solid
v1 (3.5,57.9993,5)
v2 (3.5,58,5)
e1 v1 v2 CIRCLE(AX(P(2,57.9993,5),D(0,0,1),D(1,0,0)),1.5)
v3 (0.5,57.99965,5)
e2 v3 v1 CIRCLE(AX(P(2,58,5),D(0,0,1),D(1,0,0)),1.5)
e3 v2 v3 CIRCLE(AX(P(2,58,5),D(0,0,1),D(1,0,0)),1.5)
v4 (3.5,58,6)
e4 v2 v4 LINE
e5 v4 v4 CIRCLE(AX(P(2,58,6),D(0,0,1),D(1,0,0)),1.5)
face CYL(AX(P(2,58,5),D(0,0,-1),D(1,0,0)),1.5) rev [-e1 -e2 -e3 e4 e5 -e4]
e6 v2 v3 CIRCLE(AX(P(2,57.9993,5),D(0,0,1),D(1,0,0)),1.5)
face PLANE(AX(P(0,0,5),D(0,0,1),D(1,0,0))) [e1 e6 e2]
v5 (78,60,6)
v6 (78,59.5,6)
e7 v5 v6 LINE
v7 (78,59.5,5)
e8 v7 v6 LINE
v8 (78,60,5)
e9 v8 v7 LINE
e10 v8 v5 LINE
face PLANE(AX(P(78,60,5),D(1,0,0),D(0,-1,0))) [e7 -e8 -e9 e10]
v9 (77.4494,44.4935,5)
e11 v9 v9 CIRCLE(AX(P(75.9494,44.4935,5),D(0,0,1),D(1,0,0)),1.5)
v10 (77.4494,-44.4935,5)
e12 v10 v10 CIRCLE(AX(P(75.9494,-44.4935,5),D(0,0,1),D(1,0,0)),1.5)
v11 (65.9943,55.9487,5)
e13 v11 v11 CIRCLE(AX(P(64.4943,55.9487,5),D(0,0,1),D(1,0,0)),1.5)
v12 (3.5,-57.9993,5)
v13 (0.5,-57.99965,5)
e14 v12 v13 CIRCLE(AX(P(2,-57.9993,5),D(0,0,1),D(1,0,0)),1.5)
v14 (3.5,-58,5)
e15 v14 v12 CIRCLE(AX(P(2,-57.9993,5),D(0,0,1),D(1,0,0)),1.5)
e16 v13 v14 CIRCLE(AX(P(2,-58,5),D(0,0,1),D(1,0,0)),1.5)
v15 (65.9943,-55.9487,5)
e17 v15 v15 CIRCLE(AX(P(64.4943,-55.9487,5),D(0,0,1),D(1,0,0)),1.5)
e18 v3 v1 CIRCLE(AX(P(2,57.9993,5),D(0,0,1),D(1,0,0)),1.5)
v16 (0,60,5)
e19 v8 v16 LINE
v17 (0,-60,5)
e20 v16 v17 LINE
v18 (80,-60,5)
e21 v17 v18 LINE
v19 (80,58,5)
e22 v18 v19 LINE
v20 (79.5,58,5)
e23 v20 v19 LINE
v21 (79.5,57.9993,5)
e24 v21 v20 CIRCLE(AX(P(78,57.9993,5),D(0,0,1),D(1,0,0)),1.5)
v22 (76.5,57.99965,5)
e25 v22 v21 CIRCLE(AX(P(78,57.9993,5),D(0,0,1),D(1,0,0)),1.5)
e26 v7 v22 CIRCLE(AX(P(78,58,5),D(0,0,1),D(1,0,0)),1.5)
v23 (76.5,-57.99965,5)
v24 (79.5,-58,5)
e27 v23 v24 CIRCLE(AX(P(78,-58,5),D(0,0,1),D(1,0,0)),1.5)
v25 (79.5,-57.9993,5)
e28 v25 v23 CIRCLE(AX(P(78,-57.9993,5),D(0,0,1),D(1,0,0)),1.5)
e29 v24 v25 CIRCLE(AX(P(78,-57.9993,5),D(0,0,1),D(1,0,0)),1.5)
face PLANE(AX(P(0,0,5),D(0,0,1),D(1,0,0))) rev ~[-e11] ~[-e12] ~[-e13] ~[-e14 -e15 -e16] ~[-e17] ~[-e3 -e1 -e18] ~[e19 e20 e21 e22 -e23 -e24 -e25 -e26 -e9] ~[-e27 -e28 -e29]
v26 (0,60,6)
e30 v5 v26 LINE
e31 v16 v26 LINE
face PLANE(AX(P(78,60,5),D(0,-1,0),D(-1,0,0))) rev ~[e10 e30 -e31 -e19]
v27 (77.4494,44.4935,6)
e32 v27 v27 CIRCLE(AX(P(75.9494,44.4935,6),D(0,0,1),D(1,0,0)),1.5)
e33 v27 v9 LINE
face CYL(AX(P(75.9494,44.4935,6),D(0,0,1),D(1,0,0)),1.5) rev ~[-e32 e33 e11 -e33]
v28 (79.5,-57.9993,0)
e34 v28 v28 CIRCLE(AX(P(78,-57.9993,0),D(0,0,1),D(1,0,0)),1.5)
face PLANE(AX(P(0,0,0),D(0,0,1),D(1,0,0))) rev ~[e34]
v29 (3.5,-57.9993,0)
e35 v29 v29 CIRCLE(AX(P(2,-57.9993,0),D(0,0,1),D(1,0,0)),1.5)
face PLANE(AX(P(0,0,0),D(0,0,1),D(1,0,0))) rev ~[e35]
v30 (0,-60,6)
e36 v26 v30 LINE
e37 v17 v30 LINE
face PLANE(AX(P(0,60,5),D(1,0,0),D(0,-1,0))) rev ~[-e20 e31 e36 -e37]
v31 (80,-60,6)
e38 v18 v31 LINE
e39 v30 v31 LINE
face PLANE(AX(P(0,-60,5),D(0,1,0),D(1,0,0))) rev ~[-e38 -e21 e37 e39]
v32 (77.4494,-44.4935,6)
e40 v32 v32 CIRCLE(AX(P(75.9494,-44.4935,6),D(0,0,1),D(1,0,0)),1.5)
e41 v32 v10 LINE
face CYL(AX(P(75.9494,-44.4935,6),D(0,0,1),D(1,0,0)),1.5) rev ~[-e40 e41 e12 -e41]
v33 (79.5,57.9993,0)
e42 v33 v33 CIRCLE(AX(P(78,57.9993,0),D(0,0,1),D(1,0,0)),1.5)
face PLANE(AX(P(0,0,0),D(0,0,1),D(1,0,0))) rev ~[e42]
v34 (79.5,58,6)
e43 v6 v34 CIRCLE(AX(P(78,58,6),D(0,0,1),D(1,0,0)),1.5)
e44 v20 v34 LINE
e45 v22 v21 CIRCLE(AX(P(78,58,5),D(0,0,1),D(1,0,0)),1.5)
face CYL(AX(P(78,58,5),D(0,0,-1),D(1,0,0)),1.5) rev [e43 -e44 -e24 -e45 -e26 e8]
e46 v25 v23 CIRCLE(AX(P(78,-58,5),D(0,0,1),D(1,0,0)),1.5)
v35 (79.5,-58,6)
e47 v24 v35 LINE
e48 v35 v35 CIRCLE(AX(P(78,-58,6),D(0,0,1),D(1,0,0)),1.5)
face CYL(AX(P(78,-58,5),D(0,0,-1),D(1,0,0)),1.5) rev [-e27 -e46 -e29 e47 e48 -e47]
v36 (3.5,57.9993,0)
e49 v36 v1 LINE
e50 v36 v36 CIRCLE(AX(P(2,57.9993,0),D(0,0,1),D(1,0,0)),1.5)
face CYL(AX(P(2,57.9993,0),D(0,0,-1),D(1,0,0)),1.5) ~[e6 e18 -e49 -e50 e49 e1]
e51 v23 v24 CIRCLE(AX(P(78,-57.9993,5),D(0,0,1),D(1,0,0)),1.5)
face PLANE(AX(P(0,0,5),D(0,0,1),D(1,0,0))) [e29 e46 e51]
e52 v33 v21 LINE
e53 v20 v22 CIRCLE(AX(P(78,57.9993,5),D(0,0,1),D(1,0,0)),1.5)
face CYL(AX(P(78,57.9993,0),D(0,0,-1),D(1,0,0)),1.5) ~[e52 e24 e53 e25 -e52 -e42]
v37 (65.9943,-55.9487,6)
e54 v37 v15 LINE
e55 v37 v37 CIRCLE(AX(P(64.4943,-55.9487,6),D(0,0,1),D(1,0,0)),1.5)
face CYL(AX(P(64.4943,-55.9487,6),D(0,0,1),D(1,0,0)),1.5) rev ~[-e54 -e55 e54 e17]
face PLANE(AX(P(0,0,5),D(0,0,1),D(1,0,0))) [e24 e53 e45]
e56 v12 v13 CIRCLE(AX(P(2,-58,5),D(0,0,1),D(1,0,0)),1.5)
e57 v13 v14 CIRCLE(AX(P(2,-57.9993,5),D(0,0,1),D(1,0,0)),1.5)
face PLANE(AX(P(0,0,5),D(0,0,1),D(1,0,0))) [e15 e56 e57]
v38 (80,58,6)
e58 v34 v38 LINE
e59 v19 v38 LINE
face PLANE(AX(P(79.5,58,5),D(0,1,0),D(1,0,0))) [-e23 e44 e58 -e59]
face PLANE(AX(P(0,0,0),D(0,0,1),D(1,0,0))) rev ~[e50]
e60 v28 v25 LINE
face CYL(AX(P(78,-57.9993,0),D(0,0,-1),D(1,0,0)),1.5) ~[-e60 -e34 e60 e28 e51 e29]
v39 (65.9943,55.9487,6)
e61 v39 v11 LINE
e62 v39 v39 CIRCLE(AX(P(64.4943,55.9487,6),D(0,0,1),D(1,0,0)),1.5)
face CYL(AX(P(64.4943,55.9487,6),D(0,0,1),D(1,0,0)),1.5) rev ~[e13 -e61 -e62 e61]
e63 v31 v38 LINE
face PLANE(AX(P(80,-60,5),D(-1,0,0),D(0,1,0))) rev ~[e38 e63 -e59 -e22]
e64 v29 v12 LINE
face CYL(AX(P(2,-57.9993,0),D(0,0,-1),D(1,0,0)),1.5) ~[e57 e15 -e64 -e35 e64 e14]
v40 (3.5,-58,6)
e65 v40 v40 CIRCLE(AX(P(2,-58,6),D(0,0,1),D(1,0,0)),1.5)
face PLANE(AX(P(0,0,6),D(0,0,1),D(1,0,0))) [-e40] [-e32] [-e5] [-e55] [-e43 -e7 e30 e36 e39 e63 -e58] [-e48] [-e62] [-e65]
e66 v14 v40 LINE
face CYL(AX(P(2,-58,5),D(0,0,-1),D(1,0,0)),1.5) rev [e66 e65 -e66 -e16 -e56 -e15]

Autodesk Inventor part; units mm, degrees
ref_plane "YZ Plane" through (0, 0, 0) normal (1, 0, 0) x (0, 1, 0)
ref_plane "XZ Plane" through (0, 0, 0) normal (0, 1, 0) x (-1, 0, 0)
ref_plane "XY Plane" through (0, 0, 0) normal (0, 0, 1) x (1, 0, 0)
sketch "Эскиз2" plane through (0, 0, 0) normal (0, 0, 1) x (1, 0, 0)
  line L0 (80, 60) -> (0, 60)
  line L1 (0, 60) -> (0, -60)
  line L2 (0, -60) -> (80, -60)
  line L3 (80, -60) -> (80, 60)
  line L4 (80, 60) -> (78, 60)
  line L5 (78, 60) -> (78, 58)
  line L6 (78, 58) -> (80, 58)
  line L7 (80, 58) -> (80, 60)
  circle A0 centre (78, 58) radius 1.5
  line L8 (80, 0) -> (0, 0) construction
  circle A1 centre (78, -58) radius 1.5
  line L9 (40, 0) -> (40, 60) construction
  circle A2 centre (2, 58) radius 1.5
  circle A3 centre (2, -58) radius 1.5
  point P0 (79.5, 58)
  point P1 (78, 59.5)
  dimension "d5" = 120
  dimension "d6" = 2
  dimension "d7" = 2
  dimension "d8" = 3
sketch "Эскиз3" plane through (0, 0, 0) normal (0, 0, 1) x (1, 0, 0)
  circle A0 centre (78, 57.9993) radius 1.5
  line L0 (79.5, 0) -> (0, 0)
  line L1 (0, 0) -> (40, 0) construction
  line L2 (40, 0) -> (40, 1.7902)
  line L3 (40, 1.7902) -> (40, 59.4993) construction
  circle A1 centre (78, -57.9993) radius 1.5
  circle A2 centre (2, 57.9993) radius 1.5
  circle A3 centre (2, -57.9993) radius 1.5
  dimension "d11" = 3
  dimension "d12" = 40
extrude "Выдавливание1" add sketch "Эскиз3" along normal blind 5
extrude "Выдавливание2" add sketch "Эскиз2" along normal blind 1 from surface at 5 contours L5 A0 L6 L3 L2 L1 L0
sketch "Эскиз4" plane through (0, -60, 6) normal (0, 0, 1) x (1, 0, 0)
  point P0 (0, 60)
sketch "Эскиз5" plane through (0, -60, 6) normal (0, 0, 1) x (1, 0, 0)
  circle A0 centre (78, 117.9993) radius 1.5 projected
  line L0 (78, 117.9993) -> (89, 117.9993) construction
  circle A1 centre (64.4943, 115.9487) radius 1.5
  circle A2 centre (75.9494, 104.4935) radius 1.5
  line L1 (80, 118) -> (80, 0) projected
  circle A3 centre (64.4943, 4.0513) radius 1.5
  circle A4 centre (75.9494, 15.5065) radius 1.5
  point P0 (0, 60)
  dimension "d21" = 3
  dimension "d22" = 3
extrude "Выдавливание3" cut sketch "Эскиз5" against normal blind 1 contours A1 | A2 | A3 | A4
properties part number "макетная плата"
